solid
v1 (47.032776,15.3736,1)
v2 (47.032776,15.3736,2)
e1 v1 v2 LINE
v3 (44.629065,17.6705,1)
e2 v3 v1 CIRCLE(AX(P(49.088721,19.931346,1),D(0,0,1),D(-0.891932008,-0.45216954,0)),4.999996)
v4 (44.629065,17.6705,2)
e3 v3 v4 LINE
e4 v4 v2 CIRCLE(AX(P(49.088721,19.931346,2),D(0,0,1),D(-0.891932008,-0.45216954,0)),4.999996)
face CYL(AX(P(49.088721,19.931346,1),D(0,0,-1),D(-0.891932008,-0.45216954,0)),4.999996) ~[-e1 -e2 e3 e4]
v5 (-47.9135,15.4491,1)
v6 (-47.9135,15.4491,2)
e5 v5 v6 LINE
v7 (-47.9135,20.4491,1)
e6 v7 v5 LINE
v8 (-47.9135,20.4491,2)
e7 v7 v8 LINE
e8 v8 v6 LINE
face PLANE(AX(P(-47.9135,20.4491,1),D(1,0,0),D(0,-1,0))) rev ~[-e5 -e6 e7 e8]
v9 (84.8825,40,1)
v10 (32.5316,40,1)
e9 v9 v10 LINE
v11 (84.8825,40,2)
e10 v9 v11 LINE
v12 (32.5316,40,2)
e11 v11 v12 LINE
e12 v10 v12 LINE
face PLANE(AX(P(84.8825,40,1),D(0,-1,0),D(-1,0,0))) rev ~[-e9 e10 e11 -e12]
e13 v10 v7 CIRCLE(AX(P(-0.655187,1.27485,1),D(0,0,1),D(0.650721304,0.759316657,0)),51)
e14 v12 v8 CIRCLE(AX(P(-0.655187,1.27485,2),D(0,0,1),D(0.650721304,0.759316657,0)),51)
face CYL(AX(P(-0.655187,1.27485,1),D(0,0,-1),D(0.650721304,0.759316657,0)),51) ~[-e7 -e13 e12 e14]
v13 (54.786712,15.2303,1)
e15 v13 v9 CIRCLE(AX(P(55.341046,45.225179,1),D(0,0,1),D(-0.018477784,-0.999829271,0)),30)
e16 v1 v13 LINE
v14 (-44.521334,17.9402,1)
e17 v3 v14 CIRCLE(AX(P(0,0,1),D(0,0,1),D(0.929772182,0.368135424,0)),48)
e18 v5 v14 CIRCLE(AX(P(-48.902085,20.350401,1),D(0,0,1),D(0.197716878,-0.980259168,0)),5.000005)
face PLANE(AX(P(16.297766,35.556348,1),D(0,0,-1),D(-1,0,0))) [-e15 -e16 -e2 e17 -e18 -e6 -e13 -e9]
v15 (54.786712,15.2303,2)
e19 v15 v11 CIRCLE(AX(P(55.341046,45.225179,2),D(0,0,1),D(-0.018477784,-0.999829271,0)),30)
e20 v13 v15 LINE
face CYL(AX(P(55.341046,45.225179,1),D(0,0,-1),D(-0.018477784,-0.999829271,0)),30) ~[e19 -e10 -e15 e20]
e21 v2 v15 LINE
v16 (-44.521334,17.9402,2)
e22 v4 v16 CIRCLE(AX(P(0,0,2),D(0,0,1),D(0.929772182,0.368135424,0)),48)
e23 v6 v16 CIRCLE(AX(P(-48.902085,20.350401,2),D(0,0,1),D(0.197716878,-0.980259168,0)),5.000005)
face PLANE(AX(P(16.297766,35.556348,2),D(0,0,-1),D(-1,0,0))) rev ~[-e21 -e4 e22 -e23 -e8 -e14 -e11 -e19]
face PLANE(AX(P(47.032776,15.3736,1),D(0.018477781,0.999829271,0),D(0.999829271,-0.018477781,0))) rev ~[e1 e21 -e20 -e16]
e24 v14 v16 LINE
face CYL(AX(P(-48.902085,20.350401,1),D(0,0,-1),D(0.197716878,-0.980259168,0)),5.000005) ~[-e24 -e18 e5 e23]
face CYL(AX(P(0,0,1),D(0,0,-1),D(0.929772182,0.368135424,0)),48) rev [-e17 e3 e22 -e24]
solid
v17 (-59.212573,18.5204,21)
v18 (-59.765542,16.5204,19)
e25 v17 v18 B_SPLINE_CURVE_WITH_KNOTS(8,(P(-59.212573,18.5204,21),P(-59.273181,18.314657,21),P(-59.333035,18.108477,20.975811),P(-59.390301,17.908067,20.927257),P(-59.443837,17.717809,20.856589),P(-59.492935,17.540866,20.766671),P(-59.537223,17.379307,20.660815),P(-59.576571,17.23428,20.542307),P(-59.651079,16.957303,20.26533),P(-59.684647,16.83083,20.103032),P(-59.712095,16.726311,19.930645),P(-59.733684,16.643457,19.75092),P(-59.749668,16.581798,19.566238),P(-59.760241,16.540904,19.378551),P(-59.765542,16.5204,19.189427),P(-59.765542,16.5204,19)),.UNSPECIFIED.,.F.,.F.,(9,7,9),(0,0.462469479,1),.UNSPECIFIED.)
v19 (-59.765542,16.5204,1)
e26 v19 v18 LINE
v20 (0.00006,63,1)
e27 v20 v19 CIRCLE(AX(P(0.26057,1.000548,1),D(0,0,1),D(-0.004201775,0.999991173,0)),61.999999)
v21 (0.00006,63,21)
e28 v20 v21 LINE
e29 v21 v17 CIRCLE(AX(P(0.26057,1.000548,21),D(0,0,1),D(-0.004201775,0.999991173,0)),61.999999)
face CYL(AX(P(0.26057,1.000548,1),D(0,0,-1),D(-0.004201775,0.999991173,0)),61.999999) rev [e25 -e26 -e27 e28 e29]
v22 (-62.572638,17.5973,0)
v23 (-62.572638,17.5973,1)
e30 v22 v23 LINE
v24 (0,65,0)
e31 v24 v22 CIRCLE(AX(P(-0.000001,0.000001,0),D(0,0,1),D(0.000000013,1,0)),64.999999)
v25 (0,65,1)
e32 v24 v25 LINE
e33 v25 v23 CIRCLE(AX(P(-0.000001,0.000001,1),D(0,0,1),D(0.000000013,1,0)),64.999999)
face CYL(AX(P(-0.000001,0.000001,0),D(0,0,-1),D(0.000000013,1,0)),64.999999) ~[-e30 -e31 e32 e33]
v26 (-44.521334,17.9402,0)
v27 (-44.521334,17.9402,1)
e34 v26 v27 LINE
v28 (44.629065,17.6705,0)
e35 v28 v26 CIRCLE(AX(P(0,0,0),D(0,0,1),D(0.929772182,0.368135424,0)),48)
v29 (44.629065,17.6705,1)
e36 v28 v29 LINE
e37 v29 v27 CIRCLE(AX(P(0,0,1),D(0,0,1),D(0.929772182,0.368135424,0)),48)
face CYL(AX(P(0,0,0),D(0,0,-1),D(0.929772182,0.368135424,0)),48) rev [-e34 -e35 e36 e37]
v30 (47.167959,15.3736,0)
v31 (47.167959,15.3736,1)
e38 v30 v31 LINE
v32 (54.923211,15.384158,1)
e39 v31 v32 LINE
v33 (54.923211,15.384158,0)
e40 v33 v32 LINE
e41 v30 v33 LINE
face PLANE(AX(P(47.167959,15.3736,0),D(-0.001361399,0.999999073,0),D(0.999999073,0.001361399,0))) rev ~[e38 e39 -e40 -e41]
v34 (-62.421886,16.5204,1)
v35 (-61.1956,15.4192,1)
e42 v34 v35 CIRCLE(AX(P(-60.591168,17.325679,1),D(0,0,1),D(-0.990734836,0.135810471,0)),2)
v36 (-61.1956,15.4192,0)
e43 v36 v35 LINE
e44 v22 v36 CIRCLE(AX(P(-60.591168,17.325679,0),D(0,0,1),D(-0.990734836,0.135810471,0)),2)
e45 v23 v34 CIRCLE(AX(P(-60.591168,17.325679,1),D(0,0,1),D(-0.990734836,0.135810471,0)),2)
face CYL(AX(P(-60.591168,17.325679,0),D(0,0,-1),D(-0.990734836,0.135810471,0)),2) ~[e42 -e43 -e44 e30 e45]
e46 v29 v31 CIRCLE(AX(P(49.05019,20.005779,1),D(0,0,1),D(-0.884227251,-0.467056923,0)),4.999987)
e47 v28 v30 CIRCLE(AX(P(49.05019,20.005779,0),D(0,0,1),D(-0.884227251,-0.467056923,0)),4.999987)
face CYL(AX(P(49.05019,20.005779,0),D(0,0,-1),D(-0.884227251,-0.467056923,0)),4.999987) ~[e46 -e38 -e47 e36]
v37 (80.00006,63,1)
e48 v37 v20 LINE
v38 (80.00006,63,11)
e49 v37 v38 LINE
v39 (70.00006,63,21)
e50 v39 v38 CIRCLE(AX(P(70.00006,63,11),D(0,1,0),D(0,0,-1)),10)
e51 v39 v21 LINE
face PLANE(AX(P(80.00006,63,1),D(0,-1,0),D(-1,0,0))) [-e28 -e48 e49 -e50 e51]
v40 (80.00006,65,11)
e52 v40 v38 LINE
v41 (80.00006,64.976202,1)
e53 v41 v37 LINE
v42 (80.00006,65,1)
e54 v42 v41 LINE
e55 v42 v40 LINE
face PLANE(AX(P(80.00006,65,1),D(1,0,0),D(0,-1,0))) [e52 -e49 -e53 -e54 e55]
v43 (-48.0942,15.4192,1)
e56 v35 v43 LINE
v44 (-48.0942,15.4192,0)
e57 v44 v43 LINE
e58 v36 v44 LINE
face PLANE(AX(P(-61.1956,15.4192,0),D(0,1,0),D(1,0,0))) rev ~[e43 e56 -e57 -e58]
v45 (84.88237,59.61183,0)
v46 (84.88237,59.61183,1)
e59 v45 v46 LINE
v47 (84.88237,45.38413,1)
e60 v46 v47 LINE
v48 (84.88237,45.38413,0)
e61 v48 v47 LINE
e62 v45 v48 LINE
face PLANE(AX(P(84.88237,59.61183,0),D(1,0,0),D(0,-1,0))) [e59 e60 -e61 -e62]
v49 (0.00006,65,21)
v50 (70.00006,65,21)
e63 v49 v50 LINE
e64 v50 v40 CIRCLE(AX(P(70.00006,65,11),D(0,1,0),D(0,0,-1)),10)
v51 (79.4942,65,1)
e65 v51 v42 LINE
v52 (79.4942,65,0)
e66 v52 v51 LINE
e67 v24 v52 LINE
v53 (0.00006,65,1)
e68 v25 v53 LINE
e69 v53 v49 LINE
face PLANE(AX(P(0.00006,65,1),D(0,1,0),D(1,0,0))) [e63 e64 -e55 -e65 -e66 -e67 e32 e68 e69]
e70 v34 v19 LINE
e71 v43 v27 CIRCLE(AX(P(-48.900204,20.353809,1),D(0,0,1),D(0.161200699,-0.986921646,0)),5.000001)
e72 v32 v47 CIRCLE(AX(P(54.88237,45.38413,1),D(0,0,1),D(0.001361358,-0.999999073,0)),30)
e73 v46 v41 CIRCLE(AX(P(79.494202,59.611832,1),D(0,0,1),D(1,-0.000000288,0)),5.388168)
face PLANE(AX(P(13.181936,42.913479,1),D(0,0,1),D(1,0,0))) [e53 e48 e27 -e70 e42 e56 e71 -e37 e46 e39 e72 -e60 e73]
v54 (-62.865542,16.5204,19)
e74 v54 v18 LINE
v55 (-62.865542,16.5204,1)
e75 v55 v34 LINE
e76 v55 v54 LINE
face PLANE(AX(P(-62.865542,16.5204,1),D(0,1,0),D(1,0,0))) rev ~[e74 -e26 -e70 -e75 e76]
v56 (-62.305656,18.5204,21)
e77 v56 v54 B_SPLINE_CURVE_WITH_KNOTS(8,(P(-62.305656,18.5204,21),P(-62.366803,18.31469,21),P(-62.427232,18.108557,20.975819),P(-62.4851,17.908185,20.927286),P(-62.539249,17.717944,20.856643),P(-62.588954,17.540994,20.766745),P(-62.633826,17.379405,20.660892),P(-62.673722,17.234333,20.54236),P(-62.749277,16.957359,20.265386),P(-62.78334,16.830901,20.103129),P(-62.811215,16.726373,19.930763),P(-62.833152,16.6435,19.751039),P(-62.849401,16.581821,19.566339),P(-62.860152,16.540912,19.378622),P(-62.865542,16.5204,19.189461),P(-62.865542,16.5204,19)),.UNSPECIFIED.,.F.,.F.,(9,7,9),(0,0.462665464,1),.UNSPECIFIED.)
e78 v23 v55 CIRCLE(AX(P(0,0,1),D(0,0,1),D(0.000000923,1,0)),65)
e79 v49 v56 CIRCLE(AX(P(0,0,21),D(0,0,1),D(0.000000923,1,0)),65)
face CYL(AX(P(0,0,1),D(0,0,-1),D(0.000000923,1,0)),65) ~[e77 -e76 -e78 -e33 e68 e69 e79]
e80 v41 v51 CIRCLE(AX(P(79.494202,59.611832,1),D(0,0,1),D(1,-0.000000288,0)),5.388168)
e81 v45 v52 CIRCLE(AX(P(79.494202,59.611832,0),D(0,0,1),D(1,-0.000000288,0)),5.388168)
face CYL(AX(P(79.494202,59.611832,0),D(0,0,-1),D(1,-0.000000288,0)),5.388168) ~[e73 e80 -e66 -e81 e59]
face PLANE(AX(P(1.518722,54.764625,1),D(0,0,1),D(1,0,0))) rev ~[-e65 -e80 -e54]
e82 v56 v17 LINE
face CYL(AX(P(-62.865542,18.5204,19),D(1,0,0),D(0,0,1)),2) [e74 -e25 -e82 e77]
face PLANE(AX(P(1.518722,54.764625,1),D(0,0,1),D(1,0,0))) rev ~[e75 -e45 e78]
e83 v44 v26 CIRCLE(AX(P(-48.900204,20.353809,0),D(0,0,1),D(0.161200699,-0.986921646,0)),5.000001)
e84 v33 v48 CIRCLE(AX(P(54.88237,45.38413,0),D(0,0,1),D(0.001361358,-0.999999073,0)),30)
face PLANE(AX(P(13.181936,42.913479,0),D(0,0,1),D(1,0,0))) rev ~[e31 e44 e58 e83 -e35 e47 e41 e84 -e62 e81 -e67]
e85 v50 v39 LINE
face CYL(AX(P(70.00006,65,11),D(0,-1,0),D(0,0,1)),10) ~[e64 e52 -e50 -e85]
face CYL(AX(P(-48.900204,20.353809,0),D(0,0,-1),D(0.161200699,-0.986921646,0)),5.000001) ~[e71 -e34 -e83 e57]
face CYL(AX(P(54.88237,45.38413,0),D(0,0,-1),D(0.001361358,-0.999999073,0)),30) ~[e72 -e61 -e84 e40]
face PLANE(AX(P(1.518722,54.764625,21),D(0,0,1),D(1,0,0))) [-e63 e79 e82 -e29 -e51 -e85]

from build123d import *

# Parameters (mm, degrees)
PAD002_DEPTH = 1
PAD_DEPTH    = 1
PAD004_DEPTH = 20
FILLET_R     = 10
FILLET001_R  = 2


with BuildPart() as stiffener:
    # Sketch002 → Pad002 (new body)
    with BuildSketch(Plane.XY.offset(1)):
        with BuildLine():
            ThreePointArc((44.629065, 17.6705), (0.14521, 47.99978), (-44.521334, 17.9402))
            ThreePointArc((-47.9135, 15.4491), (-45.942552, 16.320362), (-44.521334, 17.9402))
            Line((-47.9135, 20.4491), (-47.9135, 15.4491))
            ThreePointArc((32.5316, 40), (-12.69933, 50.832278), (-47.9135, 20.4491))
            Line((84.8825, 40), (32.5316, 40))
            ThreePointArc((54.786712, 15.2303), (74.405353, 22.061582), (84.8825, 40))
            Line((47.032776, 15.3736), (54.786712, 15.2303))
            ThreePointArc((44.629065, 17.6705), (45.634419, 16.316411), (47.032776, 15.3736))
        make_face()
    extrude(amount=PAD002_DEPTH)


with BuildPart() as fillet001:
    # Sketch → Pad (new body)
    with BuildSketch(Plane.XY):
        with BuildLine():
            ThreePointArc((0, 65), (-39.250322, 51.811314), (-62.572638, 17.5973))
            ThreePointArc((-62.572638, 17.5973), (-62.281657, 16.256919), (-61.1956, 15.4192))
            Line((-61.1956, 15.4192), (-48.0942, 15.4192))
            ThreePointArc((-48.0942, 15.4192), (-46.017568, 16.268418), (-44.521334, 17.9402))
            ThreePointArc((44.629065, 17.6705), (0.14521, 47.99978), (-44.521334, 17.9402))
            ThreePointArc((44.629065, 17.6705), (45.695788, 16.297968), (47.167959, 15.3736))
            Line((47.167959, 15.3736), (54.923211, 15.384158))
            ThreePointArc((54.923211, 15.384158), (76.110008, 24.185371), (84.88237, 45.38413))
            Line((84.88237, 59.61183), (84.88237, 45.38413))
            ThreePointArc((84.88237, 59.61183), (83.304212, 63.421842), (79.4942, 65))
            Line((0, 65), (79.4942, 65))
        make_face()
    extrude(amount=PAD_DEPTH)

    # Sketch001 → Pad004 (new body)
    with BuildSketch(Plane.XY.offset(1)):
        with BuildLine():
            ThreePointArc((6e-05, 65), (-39.693641, 51.472467), (-62.865542, 16.5204))
            Line((-62.865542, 16.5204), (-59.765542, 16.5204))
            ThreePointArc((6e-05, 63), (-37.80132, 49.942273), (-59.765542, 16.5204))
            Line((80.00006, 63), (6e-05, 63))
            Line((80.00006, 65), (80.00006, 63))
            Line((6e-05, 65), (80.00006, 65))
        make_face()
    extrude(amount=PAD004_DEPTH)

    # Fillet
    fillet_edges = [fillet001.edges().sort_by_distance(p)[0] for p in [
        (80.00006, 64, 21),
    ]]
    fillet(fillet_edges, radius=FILLET_R)

    # Fillet001
    fillet001_edges = [fillet001.edges().sort_by_distance(p)[0] for p in [
        (-61.315542, 16.5204, 21),
    ]]
    fillet(fillet001_edges, radius=FILLET001_R)


solid = Compound([stiffener.part, fillet001.part])
